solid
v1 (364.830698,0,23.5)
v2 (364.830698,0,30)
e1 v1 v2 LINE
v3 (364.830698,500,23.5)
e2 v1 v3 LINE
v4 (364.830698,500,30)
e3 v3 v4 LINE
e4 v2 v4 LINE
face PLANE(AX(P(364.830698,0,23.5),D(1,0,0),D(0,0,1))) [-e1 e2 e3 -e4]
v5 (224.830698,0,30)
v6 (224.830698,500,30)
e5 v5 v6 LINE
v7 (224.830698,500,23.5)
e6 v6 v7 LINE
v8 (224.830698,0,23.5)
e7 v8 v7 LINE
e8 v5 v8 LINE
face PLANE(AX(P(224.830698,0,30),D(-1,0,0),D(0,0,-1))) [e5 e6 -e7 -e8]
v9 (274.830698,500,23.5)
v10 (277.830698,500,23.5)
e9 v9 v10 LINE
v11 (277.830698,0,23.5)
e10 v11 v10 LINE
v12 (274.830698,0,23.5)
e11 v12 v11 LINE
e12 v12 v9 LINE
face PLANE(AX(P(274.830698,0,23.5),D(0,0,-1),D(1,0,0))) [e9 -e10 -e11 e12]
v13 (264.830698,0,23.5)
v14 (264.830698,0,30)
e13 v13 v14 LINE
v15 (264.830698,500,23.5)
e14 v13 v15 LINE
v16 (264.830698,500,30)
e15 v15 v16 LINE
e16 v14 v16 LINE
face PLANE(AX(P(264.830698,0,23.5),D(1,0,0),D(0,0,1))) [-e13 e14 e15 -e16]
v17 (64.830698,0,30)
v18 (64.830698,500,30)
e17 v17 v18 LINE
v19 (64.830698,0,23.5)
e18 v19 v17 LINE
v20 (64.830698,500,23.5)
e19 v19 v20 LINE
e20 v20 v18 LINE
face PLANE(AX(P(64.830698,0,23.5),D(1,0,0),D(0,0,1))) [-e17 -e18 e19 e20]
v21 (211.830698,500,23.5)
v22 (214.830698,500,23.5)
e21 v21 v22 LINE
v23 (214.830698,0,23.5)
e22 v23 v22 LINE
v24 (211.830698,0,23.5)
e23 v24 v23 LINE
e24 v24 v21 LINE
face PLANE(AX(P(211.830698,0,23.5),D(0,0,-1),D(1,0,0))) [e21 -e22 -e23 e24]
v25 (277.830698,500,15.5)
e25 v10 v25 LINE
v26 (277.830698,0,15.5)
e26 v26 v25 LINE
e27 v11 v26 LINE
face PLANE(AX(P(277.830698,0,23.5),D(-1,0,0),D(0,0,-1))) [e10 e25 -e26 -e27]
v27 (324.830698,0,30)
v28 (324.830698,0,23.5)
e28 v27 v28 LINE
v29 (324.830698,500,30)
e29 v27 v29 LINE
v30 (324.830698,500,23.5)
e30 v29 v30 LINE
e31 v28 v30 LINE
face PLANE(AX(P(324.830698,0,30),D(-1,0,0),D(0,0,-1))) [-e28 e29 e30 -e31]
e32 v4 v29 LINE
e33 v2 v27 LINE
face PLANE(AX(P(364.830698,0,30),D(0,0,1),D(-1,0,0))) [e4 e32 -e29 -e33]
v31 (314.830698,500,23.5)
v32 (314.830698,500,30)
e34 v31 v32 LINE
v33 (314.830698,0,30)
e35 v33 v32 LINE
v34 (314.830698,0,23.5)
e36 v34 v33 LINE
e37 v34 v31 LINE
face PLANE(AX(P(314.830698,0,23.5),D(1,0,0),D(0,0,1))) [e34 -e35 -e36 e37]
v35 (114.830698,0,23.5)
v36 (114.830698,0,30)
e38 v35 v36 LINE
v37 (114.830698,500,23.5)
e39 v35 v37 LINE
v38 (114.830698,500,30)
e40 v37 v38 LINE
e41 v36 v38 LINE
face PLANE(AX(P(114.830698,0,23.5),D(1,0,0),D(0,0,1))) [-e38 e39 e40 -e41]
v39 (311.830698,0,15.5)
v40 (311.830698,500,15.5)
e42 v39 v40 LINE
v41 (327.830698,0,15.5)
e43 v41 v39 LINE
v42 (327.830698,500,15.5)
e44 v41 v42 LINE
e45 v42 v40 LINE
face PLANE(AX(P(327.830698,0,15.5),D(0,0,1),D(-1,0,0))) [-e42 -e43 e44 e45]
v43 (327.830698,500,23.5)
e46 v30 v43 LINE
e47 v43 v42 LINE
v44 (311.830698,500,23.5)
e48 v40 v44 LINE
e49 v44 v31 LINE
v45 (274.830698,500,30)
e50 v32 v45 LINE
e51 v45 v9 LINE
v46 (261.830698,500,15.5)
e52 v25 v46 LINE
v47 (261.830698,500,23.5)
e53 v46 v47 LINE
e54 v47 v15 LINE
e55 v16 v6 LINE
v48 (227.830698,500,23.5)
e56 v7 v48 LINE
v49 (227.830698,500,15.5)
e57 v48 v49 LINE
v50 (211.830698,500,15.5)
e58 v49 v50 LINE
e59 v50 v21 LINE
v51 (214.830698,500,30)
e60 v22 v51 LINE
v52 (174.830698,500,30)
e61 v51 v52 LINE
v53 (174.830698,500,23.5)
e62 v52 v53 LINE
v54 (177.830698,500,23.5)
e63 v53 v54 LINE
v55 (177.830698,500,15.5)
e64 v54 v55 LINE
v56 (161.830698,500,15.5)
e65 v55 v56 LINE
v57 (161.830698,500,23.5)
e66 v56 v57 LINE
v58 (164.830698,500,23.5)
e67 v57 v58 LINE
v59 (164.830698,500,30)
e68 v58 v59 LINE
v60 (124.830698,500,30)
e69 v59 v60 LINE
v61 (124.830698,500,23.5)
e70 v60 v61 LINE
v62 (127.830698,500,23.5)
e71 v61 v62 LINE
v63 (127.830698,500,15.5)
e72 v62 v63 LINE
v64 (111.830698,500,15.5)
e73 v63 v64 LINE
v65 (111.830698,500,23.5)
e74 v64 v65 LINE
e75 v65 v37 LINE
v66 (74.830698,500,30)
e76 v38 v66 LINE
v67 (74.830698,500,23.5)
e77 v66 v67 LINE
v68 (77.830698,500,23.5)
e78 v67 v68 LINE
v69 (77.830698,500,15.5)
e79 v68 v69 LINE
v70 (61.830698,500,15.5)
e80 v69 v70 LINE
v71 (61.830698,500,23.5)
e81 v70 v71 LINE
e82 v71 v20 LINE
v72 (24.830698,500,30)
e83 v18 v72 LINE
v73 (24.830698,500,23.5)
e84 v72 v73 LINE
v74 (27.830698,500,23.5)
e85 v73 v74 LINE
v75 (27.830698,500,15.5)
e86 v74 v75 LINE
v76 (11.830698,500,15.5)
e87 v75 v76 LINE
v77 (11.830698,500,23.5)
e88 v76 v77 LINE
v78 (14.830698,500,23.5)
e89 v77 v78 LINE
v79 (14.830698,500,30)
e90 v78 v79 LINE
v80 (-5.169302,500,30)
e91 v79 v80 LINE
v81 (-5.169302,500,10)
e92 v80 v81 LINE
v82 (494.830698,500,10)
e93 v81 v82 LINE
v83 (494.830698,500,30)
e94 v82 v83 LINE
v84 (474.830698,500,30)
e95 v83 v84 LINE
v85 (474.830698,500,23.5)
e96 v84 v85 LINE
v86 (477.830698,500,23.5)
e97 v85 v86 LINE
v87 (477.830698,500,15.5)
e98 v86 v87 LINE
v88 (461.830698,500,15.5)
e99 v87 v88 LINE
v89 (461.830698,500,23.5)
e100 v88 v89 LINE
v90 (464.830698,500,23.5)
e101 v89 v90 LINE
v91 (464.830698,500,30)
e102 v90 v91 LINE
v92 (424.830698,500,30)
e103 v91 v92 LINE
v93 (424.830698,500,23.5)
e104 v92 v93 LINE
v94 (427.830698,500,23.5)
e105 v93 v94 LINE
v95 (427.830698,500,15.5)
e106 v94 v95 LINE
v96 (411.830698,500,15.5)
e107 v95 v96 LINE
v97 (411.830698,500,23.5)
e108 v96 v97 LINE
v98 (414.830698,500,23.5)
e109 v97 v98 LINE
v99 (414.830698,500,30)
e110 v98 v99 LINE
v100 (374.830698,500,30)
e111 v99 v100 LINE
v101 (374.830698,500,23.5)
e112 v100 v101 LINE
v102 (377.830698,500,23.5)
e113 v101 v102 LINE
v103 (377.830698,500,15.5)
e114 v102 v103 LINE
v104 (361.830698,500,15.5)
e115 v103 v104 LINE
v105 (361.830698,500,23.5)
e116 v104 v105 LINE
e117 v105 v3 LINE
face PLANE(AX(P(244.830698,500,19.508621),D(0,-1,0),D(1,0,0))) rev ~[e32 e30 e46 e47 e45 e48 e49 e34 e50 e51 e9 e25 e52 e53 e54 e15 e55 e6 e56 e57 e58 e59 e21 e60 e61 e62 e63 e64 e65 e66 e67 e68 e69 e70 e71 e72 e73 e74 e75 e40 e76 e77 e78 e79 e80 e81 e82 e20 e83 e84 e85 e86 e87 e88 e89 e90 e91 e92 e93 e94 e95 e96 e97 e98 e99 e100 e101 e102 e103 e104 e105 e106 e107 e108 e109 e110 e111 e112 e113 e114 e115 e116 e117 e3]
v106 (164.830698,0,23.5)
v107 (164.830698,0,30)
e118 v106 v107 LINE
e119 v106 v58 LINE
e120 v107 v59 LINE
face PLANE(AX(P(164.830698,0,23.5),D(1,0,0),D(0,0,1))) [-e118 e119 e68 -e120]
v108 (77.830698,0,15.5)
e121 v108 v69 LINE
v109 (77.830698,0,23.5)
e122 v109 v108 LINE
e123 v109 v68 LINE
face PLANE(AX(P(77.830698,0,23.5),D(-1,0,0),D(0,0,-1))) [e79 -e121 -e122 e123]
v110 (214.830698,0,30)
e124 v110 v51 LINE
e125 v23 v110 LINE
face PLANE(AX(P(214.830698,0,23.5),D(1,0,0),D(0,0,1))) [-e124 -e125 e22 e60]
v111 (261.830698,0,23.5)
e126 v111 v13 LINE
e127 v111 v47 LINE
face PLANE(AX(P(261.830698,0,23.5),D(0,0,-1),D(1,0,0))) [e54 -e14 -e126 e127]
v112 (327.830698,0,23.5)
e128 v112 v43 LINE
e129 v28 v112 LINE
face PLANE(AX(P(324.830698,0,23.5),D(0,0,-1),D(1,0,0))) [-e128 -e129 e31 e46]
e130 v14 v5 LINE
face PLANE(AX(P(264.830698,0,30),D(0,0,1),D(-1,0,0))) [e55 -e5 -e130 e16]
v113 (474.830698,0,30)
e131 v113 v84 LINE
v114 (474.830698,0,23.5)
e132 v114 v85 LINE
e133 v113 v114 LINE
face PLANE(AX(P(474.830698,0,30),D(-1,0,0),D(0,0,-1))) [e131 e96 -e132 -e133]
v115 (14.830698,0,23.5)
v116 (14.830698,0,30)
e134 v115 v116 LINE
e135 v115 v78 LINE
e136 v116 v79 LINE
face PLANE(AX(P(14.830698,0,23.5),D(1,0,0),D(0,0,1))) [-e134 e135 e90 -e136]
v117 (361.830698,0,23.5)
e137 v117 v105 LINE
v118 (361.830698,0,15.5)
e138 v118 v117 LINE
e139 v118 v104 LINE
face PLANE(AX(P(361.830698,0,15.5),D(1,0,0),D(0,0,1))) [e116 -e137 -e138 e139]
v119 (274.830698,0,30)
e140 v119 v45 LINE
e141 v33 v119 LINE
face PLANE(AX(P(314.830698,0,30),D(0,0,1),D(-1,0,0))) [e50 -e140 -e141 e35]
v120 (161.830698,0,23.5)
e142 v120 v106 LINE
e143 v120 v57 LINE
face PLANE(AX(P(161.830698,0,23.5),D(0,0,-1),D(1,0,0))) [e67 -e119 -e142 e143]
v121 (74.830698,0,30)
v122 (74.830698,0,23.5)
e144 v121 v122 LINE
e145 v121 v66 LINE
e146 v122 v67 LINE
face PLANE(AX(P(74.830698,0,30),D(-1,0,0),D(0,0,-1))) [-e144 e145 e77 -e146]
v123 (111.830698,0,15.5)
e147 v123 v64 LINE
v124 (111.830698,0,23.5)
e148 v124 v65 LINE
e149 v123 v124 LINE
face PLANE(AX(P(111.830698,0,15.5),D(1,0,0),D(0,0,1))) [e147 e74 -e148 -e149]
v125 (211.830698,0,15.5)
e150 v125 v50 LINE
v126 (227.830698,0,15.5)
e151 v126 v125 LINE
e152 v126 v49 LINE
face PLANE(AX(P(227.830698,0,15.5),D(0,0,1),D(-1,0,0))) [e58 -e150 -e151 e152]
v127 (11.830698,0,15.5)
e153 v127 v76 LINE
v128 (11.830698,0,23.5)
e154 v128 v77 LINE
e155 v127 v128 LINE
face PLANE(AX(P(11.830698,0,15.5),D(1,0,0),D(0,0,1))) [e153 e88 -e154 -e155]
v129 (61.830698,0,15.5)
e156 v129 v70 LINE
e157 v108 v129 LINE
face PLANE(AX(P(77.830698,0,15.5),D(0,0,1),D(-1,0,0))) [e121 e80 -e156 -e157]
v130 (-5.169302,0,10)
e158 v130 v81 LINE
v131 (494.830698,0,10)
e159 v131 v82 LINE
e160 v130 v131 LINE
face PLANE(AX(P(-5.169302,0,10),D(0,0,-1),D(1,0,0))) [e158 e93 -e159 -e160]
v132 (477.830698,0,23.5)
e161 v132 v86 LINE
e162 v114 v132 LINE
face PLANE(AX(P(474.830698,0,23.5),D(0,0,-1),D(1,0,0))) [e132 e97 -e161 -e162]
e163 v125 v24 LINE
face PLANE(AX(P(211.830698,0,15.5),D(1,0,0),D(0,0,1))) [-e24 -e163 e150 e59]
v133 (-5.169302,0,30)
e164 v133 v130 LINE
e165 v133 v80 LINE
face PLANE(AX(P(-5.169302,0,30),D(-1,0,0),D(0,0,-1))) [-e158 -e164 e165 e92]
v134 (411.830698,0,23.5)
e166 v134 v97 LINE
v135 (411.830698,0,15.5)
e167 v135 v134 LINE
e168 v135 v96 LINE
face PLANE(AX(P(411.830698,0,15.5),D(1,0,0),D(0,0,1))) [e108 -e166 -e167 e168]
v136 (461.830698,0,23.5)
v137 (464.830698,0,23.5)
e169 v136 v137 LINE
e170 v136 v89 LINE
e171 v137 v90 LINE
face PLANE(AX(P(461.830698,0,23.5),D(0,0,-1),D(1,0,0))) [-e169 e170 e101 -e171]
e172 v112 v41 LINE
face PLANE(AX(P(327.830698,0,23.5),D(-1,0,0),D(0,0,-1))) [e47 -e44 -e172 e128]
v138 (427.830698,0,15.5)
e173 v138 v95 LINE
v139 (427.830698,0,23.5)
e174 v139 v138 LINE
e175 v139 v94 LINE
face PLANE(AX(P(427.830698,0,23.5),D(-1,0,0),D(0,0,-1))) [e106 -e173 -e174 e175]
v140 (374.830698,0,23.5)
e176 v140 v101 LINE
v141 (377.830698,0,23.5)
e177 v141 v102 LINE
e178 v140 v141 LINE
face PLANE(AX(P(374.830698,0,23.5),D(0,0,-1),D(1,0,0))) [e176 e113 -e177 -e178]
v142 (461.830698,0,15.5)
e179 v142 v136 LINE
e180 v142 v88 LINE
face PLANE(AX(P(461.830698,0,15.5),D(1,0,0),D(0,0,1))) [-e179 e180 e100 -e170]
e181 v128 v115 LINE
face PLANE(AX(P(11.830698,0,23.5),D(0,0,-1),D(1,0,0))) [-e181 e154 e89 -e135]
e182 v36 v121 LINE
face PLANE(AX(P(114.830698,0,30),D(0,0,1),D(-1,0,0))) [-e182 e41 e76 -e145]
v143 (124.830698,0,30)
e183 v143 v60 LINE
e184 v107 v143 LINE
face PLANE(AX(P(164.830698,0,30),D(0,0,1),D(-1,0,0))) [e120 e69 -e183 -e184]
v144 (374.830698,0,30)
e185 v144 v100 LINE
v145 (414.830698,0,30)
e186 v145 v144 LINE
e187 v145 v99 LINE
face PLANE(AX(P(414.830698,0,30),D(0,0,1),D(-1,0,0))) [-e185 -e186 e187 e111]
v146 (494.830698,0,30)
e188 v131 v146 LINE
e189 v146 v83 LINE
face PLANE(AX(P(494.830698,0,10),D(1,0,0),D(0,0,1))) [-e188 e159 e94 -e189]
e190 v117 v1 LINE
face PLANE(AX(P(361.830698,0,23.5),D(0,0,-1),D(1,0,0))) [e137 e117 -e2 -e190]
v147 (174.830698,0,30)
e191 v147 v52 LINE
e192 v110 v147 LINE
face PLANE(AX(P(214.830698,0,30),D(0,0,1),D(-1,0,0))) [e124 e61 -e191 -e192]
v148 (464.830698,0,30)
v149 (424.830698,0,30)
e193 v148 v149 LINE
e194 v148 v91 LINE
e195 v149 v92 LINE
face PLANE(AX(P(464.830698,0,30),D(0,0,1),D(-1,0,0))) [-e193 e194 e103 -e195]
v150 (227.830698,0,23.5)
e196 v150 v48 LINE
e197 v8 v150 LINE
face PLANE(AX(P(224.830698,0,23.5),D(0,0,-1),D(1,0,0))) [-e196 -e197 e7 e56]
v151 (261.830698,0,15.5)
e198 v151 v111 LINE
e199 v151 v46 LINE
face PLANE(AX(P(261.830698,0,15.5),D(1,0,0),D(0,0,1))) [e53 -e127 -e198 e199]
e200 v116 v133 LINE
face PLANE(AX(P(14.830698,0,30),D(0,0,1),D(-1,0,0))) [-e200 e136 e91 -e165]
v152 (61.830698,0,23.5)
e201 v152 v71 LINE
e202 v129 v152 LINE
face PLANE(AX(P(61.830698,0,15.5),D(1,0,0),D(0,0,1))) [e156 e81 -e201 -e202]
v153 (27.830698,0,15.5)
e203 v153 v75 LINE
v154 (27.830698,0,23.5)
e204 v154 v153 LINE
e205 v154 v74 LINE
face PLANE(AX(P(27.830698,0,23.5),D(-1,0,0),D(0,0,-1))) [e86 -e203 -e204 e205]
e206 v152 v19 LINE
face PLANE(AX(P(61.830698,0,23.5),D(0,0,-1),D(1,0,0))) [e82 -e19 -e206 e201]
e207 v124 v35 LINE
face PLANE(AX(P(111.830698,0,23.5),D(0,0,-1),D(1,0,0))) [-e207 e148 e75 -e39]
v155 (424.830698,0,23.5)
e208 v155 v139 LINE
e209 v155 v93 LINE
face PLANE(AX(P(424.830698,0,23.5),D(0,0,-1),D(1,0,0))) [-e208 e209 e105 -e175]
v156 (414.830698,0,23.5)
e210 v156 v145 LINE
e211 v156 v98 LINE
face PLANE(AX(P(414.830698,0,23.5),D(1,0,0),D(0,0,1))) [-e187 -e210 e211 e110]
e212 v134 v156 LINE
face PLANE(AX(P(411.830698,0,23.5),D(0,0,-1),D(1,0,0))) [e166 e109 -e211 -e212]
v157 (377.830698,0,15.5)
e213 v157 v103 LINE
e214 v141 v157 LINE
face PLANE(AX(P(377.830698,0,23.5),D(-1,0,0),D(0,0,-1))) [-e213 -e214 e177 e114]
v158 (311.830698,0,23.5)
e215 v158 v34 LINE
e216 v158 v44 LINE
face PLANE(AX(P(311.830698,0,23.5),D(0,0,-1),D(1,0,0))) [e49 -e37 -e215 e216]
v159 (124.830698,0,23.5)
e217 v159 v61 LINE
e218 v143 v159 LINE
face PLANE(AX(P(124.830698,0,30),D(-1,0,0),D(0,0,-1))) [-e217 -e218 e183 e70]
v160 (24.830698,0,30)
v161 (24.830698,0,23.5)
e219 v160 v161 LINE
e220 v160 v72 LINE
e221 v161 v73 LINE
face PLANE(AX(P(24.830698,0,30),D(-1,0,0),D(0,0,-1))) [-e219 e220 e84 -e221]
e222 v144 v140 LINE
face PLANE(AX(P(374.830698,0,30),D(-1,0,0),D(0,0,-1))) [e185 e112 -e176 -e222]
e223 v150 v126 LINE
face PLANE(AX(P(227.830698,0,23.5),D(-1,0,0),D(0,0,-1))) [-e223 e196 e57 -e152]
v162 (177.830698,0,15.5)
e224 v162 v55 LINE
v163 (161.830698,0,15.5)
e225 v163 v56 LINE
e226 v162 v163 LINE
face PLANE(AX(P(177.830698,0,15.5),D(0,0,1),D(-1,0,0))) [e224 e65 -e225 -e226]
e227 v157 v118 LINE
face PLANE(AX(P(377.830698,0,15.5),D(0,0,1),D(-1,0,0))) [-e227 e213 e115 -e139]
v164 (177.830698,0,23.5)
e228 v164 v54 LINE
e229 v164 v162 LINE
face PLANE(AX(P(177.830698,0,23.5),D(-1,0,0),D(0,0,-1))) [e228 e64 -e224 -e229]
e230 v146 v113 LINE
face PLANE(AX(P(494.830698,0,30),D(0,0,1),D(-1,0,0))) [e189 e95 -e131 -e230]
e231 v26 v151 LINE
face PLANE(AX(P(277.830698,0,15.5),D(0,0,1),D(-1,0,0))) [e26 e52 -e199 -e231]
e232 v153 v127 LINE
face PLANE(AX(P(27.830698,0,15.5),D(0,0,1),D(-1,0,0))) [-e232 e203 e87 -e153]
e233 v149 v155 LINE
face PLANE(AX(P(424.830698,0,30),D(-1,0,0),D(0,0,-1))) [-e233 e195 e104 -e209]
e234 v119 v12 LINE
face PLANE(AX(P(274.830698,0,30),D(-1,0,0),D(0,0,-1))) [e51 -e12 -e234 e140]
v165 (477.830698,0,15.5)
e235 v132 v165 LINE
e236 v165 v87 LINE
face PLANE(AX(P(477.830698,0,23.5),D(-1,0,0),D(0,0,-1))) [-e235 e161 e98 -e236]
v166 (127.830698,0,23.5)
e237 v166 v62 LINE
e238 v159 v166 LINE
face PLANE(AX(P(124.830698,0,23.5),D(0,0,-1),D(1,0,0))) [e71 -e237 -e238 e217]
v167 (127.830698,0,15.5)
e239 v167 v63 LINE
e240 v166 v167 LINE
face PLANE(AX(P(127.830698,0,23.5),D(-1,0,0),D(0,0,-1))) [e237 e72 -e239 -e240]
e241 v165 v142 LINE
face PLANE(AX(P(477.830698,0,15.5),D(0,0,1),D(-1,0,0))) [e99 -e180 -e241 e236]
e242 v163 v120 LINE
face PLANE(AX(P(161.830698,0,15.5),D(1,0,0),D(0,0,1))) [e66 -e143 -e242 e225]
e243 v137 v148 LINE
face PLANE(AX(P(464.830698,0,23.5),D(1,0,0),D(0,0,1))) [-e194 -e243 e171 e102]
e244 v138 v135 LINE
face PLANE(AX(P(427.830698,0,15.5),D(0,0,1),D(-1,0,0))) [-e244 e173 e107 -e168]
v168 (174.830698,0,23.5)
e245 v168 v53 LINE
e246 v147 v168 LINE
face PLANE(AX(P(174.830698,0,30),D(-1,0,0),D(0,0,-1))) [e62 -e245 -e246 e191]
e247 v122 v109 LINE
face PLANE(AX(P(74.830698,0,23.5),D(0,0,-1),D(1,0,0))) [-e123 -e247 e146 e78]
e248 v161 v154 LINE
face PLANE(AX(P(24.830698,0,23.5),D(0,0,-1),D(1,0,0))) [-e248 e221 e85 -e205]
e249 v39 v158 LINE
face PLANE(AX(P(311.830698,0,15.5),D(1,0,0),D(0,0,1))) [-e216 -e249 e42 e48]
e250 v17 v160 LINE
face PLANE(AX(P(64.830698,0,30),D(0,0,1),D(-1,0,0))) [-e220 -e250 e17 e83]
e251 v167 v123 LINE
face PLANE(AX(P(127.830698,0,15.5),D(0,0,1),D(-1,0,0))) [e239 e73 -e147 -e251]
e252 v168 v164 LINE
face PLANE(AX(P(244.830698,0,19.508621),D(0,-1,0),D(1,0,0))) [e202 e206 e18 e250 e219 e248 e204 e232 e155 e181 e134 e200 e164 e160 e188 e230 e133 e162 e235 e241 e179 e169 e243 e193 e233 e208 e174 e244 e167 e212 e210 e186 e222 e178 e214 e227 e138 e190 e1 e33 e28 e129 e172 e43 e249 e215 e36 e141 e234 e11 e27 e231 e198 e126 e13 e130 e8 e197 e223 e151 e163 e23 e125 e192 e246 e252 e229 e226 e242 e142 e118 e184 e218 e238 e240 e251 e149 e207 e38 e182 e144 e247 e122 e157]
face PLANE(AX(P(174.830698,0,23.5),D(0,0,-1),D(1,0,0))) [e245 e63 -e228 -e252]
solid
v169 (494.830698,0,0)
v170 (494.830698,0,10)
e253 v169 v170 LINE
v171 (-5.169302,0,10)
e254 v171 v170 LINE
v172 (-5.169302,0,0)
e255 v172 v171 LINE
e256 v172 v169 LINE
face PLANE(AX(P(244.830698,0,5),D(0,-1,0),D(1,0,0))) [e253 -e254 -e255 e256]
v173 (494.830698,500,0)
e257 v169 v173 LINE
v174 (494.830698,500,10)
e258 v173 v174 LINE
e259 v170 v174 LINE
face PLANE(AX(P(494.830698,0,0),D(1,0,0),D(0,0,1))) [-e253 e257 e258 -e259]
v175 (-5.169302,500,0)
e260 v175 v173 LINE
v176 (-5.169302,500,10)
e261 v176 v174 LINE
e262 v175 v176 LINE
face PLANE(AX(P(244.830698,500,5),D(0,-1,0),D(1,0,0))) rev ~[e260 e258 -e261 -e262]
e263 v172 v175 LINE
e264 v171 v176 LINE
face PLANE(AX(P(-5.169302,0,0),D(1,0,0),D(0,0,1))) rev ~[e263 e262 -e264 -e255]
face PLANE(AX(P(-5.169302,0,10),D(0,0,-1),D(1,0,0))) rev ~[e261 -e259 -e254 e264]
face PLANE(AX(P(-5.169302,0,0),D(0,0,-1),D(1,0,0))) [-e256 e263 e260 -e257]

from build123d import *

# Parameters (mm, degrees)
F1_DEPTH = 500
F0_W     = 500
F0_H     = 10
F2_DEPTH = 500


with BuildPart() as f1:
    # F0 (on Front) → F1 (new body)
    with BuildSketch(Plane.XZ):
        Polygon((-5.169302, 30), (-5.169302, 10), (494.830698, 10), (494.830698, 30), (474.830698, 30), (474.830698, 23.5), (477.830698, 23.5), (477.830698, 15.5), (461.830698, 15.5), (461.830698, 23.5), (464.830698, 23.5), (464.830698, 30), (424.830698, 30), (424.830698, 23.5), (427.830698, 23.5), (427.830698, 15.5), (411.830698, 15.5), (411.830698, 23.5), (414.830698, 23.5), (414.830698, 30), (374.830698, 30), (374.830698, 23.5), (377.830698, 23.5), (377.830698, 15.5), (361.830698, 15.5), (361.830698, 23.5), (364.830698, 23.5), (364.830698, 30), (324.830698, 30), (324.830698, 23.5), (327.830698, 23.5), (327.830698, 15.5), (311.830698, 15.5), (311.830698, 23.5), (314.830698, 23.5), (314.830698, 30), (274.830698, 30), (274.830698, 23.5), (277.830698, 23.5), (277.830698, 15.5), (261.830698, 15.5), (261.830698, 23.5), (264.830698, 23.5), (264.830698, 30), (224.830698, 30), (224.830698, 23.5), (227.830698, 23.5), (227.830698, 15.5), (211.830698, 15.5), (211.830698, 23.5), (214.830698, 23.5), (214.830698, 30), (174.830698, 30), (174.830698, 23.5), (177.830698, 23.5), (177.830698, 15.5), (161.830698, 15.5), (161.830698, 23.5), (164.830698, 23.5), (164.830698, 30), (124.830698, 30), (124.830698, 23.5), (127.830698, 23.5), (127.830698, 15.5), (111.830698, 15.5), (111.830698, 23.5), (114.830698, 23.5), (114.830698, 30), (74.830698, 30), (74.830698, 23.5), (77.830698, 23.5), (77.830698, 15.5), (61.830698, 15.5), (61.830698, 23.5), (64.830698, 23.5), (64.830698, 30), (24.830698, 30), (24.830698, 23.5), (27.830698, 23.5), (27.830698, 15.5), (11.830698, 15.5), (11.830698, 23.5), (14.830698, 23.5), (14.830698, 30), align=None)
    extrude(amount=-F1_DEPTH)


with BuildPart() as f2:
    # F0 (on Front) → F2 (new body)
    with BuildSketch(Plane.XZ):
        with Locations((244.830698, 5)):
            Rectangle(F0_W, F0_H)
    extrude(amount=-F2_DEPTH)


solid = Compound([f1.part, f2.part])
